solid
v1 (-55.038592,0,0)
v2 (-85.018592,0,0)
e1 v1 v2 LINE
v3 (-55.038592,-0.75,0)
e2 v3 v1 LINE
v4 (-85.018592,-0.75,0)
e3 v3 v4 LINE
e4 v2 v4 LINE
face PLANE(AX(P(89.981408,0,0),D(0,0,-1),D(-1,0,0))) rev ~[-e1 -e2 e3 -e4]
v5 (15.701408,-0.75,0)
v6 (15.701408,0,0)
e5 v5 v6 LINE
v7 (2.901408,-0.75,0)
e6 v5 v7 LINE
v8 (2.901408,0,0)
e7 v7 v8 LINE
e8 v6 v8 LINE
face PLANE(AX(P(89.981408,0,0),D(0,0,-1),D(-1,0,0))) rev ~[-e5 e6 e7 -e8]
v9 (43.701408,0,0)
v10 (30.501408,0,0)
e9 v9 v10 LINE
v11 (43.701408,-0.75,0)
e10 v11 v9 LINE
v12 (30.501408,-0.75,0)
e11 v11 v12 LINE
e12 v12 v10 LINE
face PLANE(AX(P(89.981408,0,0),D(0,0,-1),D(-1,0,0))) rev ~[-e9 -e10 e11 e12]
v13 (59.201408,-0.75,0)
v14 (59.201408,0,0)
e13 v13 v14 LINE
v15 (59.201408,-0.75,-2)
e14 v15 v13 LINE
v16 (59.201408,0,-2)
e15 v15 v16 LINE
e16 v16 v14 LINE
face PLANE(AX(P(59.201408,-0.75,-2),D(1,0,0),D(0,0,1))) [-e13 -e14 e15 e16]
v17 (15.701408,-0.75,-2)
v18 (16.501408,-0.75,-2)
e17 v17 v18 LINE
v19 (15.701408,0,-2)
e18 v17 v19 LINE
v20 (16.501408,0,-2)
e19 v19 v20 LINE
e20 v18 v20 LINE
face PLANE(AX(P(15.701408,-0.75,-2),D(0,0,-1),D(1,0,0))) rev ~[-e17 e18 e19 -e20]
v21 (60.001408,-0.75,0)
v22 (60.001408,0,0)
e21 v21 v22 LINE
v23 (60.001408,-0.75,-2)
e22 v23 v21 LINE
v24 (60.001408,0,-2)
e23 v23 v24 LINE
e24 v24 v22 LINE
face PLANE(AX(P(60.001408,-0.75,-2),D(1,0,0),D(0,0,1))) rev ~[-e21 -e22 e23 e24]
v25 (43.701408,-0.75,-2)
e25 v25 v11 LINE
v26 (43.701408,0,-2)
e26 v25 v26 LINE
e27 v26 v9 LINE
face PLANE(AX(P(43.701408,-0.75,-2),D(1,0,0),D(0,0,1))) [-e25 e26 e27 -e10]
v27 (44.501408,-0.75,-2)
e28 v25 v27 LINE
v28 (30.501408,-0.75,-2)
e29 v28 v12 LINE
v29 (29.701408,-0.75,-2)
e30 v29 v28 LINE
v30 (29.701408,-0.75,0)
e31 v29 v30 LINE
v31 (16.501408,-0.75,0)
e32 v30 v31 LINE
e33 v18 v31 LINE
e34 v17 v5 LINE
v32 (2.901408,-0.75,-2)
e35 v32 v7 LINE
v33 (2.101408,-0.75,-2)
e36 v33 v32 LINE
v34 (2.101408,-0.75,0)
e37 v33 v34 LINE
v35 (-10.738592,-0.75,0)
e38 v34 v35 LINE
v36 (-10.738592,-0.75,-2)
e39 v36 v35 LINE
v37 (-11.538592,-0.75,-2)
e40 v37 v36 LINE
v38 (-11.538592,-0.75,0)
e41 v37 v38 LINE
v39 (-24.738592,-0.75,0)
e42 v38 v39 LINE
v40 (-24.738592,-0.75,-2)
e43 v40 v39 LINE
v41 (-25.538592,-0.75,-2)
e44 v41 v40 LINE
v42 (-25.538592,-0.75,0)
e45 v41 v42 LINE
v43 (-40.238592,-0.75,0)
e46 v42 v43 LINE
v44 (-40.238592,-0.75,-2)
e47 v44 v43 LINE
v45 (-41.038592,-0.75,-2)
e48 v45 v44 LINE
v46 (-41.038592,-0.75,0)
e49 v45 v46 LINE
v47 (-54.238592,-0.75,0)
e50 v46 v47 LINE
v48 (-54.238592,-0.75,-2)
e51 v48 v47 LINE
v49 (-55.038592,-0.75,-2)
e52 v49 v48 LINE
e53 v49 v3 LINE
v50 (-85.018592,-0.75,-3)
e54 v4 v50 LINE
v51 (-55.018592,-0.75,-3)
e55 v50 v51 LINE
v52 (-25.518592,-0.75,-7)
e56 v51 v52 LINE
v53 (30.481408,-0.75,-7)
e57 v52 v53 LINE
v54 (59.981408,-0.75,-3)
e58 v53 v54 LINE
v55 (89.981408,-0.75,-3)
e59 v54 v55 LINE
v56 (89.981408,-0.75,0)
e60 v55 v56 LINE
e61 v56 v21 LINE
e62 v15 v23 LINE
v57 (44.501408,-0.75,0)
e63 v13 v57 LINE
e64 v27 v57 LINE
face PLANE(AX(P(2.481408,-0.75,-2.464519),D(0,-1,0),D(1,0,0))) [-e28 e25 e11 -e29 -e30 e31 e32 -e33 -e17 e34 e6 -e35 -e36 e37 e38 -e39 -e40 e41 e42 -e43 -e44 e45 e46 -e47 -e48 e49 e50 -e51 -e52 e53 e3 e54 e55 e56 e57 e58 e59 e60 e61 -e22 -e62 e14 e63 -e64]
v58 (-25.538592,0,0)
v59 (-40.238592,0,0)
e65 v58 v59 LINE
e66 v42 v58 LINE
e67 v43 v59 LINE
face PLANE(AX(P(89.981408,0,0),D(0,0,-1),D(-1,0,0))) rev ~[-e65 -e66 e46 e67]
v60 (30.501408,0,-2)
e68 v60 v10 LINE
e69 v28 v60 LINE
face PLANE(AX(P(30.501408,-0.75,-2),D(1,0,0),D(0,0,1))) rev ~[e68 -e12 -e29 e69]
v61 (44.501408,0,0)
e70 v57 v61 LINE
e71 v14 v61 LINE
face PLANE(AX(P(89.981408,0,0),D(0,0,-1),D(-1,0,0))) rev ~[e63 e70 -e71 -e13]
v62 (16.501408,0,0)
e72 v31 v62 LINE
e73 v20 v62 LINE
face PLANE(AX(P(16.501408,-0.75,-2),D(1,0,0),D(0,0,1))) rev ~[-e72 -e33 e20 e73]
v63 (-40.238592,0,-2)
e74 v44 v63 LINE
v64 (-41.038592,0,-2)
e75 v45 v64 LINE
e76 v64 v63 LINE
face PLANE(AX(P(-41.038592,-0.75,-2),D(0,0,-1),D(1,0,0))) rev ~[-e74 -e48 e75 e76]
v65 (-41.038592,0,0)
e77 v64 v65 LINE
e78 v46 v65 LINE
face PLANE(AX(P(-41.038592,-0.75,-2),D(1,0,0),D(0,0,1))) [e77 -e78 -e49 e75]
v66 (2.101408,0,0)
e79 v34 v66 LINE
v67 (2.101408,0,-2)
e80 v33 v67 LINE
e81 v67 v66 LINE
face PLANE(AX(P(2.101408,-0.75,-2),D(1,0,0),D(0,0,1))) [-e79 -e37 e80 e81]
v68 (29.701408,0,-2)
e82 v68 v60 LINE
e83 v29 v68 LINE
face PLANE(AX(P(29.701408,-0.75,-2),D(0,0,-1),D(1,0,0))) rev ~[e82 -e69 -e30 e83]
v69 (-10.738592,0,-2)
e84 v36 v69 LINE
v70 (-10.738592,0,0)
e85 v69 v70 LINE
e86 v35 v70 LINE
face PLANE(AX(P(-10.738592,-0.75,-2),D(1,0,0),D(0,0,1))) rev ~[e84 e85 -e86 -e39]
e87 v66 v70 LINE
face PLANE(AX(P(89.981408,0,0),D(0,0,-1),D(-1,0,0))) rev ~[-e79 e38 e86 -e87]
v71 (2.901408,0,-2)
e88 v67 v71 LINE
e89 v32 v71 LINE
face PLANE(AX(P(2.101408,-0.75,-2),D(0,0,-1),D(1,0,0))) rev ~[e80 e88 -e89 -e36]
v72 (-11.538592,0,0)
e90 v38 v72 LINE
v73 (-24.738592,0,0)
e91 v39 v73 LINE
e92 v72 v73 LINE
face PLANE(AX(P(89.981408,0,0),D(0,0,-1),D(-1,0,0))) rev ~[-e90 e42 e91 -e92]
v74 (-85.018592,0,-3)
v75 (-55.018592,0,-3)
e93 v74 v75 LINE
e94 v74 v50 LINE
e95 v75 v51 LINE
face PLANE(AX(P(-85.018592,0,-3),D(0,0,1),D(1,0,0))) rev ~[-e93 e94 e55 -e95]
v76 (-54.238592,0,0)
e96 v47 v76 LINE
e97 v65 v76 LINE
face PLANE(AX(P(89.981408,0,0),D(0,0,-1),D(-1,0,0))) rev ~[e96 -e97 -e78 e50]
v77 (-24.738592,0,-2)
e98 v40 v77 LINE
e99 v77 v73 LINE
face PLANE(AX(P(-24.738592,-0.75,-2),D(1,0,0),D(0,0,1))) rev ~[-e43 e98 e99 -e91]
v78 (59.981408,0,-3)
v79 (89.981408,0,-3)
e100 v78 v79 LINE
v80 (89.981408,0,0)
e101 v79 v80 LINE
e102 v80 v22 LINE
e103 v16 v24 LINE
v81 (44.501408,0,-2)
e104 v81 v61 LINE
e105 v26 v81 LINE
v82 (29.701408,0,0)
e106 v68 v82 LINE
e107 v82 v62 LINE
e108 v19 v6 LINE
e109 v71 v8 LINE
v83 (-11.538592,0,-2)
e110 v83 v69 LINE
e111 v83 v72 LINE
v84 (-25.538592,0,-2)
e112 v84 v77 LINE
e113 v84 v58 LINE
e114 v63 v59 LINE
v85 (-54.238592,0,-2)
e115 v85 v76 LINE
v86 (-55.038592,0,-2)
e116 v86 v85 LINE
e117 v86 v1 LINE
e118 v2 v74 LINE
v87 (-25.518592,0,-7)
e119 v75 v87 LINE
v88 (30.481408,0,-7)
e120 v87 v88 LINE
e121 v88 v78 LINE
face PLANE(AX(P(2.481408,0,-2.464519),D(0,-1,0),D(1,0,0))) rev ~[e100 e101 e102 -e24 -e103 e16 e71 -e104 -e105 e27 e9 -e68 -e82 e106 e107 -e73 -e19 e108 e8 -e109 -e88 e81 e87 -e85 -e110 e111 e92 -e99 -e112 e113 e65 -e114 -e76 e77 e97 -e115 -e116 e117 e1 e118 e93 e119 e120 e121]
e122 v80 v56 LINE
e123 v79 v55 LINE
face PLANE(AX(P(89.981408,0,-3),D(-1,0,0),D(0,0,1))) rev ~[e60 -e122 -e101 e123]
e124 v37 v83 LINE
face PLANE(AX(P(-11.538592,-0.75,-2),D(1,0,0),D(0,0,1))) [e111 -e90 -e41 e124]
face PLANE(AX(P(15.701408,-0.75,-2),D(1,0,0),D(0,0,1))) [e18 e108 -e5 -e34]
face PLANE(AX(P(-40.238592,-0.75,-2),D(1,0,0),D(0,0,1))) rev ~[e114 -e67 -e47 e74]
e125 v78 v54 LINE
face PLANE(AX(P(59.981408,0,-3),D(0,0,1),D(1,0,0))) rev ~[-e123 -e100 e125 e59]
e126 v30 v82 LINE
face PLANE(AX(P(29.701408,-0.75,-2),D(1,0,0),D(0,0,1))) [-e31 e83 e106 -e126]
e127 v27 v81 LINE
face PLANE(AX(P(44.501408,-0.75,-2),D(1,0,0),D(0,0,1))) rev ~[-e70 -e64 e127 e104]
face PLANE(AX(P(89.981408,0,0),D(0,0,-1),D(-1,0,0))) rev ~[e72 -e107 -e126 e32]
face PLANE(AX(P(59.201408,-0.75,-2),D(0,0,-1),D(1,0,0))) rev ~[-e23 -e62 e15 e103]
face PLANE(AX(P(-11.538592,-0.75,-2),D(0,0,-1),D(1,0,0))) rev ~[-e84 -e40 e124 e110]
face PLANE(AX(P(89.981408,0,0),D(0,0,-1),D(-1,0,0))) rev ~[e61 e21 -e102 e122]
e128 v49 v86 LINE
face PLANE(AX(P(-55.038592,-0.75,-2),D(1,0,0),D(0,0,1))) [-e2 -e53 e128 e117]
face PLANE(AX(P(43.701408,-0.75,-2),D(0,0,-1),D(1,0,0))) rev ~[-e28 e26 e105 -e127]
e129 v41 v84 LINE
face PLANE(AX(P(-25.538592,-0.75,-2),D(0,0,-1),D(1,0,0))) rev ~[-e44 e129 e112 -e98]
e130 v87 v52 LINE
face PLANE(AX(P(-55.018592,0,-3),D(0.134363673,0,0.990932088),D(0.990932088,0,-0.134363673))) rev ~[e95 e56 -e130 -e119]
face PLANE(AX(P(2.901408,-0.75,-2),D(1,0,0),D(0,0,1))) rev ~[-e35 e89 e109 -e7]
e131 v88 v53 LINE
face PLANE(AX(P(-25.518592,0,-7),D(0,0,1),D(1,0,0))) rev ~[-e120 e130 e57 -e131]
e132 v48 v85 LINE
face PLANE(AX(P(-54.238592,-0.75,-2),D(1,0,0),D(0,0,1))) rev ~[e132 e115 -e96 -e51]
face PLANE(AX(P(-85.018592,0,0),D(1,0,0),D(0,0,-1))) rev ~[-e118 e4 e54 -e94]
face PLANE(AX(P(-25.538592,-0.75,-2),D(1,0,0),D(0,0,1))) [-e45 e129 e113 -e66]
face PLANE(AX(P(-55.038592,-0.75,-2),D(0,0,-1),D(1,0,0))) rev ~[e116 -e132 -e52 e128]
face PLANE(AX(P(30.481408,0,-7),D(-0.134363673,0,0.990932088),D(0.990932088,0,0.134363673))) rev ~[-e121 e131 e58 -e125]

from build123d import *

# Parameters (mm, degrees)
F1_DEPTH  = 0.75
F2_W      = 0.8
F2_H      = 2
F3_DEPTH  = 0.751
F4_W      = 0.8
F4_H      = 2
F5_DEPTH  = 0.751
F6_W      = 0.8
F6_H      = 2
F7_DEPTH  = 0.751
F8_W      = 0.8
F8_H      = 2
F9_DEPTH  = 0.751
F10_W     = 0.8
F10_H     = 2
F11_DEPTH = 0.751
F12_W     = 0.8
F12_H     = 2
F13_DEPTH = 0.751
F14_W     = 0.8
F14_H     = 2
F15_DEPTH = 0.751
F16_W     = 0.8
F16_H     = 2
F17_DEPTH = 0.751
F18_W     = 0.8
F18_H     = 2
F19_DEPTH = 0.751


with BuildPart() as f1:
    # F0 (on Front) → F1 (new body)
    with BuildSketch(Plane.XZ):
        Polygon((89.981408, 0), (-85.018592, 0), (-85.018592, -3), (-55.018592, -3), (-25.518592, -7), (30.481408, -7), (59.981408, -3), (89.981408, -3), align=None)
    extrude(amount=F1_DEPTH)

    # F2 (on face) → F3 (cut, through all)
    with BuildSketch(Plane.XZ.offset(0.75)):
        with Locations((-54.638592, -1)):
            Rectangle(F2_W, F2_H)
    extrude(amount=-F3_DEPTH, mode=Mode.SUBTRACT)

    # F4 (on face) → F5 (cut, through all)
    with BuildSketch(Plane.XZ.offset(0.75)):
        with Locations((-40.638592, -1)):
            Rectangle(F4_W, F4_H)
    extrude(amount=-F5_DEPTH, mode=Mode.SUBTRACT)

    # F6 (on face) → F7 (cut, through all)
    with BuildSketch(Plane.XZ.offset(0.75)):
        with Locations((-25.138592, -1)):
            Rectangle(F6_W, F6_H)
    extrude(amount=-F7_DEPTH, mode=Mode.SUBTRACT)

    # F8 (on face) → F9 (cut, through all)
    with BuildSketch(Plane.XZ.offset(0.75)):
        with Locations((-11.138592, -1)):
            Rectangle(F8_W, F8_H)
    extrude(amount=-F9_DEPTH, mode=Mode.SUBTRACT)

    # F10 (on face) → F11 (cut, through all)
    with BuildSketch(Plane.XZ.offset(0.75)):
        with Locations((2.501408, -1)):
            Rectangle(F10_W, F10_H)
    extrude(amount=-F11_DEPTH, mode=Mode.SUBTRACT)

    # F12 (on face) → F13 (cut, through all)
    with BuildSketch(Plane.XZ.offset(0.75)):
        with Locations((16.101408, -1)):
            Rectangle(F12_W, F12_H)
    extrude(amount=-F13_DEPTH, mode=Mode.SUBTRACT)

    # F14 (on face) → F15 (cut, through all)
    with BuildSketch(Plane.XZ.offset(0.75)):
        with Locations((30.101408, -1)):
            Rectangle(F14_W, F14_H)
    extrude(amount=-F15_DEPTH, mode=Mode.SUBTRACT)

    # F16 (on face) → F17 (cut, through all)
    with BuildSketch(Plane.XZ.offset(0.75)):
        with Locations((44.101408, -1)):
            Rectangle(F16_W, F16_H)
    extrude(amount=-F17_DEPTH, mode=Mode.SUBTRACT)

    # F18 (on face) → F19 (cut, through all)
    with BuildSketch(Plane.XZ.offset(0.75)):
        with Locations((59.601408, -1)):
            Rectangle(F18_W, F18_H)
    extrude(amount=-F19_DEPTH, mode=Mode.SUBTRACT)


solid = f1.part
